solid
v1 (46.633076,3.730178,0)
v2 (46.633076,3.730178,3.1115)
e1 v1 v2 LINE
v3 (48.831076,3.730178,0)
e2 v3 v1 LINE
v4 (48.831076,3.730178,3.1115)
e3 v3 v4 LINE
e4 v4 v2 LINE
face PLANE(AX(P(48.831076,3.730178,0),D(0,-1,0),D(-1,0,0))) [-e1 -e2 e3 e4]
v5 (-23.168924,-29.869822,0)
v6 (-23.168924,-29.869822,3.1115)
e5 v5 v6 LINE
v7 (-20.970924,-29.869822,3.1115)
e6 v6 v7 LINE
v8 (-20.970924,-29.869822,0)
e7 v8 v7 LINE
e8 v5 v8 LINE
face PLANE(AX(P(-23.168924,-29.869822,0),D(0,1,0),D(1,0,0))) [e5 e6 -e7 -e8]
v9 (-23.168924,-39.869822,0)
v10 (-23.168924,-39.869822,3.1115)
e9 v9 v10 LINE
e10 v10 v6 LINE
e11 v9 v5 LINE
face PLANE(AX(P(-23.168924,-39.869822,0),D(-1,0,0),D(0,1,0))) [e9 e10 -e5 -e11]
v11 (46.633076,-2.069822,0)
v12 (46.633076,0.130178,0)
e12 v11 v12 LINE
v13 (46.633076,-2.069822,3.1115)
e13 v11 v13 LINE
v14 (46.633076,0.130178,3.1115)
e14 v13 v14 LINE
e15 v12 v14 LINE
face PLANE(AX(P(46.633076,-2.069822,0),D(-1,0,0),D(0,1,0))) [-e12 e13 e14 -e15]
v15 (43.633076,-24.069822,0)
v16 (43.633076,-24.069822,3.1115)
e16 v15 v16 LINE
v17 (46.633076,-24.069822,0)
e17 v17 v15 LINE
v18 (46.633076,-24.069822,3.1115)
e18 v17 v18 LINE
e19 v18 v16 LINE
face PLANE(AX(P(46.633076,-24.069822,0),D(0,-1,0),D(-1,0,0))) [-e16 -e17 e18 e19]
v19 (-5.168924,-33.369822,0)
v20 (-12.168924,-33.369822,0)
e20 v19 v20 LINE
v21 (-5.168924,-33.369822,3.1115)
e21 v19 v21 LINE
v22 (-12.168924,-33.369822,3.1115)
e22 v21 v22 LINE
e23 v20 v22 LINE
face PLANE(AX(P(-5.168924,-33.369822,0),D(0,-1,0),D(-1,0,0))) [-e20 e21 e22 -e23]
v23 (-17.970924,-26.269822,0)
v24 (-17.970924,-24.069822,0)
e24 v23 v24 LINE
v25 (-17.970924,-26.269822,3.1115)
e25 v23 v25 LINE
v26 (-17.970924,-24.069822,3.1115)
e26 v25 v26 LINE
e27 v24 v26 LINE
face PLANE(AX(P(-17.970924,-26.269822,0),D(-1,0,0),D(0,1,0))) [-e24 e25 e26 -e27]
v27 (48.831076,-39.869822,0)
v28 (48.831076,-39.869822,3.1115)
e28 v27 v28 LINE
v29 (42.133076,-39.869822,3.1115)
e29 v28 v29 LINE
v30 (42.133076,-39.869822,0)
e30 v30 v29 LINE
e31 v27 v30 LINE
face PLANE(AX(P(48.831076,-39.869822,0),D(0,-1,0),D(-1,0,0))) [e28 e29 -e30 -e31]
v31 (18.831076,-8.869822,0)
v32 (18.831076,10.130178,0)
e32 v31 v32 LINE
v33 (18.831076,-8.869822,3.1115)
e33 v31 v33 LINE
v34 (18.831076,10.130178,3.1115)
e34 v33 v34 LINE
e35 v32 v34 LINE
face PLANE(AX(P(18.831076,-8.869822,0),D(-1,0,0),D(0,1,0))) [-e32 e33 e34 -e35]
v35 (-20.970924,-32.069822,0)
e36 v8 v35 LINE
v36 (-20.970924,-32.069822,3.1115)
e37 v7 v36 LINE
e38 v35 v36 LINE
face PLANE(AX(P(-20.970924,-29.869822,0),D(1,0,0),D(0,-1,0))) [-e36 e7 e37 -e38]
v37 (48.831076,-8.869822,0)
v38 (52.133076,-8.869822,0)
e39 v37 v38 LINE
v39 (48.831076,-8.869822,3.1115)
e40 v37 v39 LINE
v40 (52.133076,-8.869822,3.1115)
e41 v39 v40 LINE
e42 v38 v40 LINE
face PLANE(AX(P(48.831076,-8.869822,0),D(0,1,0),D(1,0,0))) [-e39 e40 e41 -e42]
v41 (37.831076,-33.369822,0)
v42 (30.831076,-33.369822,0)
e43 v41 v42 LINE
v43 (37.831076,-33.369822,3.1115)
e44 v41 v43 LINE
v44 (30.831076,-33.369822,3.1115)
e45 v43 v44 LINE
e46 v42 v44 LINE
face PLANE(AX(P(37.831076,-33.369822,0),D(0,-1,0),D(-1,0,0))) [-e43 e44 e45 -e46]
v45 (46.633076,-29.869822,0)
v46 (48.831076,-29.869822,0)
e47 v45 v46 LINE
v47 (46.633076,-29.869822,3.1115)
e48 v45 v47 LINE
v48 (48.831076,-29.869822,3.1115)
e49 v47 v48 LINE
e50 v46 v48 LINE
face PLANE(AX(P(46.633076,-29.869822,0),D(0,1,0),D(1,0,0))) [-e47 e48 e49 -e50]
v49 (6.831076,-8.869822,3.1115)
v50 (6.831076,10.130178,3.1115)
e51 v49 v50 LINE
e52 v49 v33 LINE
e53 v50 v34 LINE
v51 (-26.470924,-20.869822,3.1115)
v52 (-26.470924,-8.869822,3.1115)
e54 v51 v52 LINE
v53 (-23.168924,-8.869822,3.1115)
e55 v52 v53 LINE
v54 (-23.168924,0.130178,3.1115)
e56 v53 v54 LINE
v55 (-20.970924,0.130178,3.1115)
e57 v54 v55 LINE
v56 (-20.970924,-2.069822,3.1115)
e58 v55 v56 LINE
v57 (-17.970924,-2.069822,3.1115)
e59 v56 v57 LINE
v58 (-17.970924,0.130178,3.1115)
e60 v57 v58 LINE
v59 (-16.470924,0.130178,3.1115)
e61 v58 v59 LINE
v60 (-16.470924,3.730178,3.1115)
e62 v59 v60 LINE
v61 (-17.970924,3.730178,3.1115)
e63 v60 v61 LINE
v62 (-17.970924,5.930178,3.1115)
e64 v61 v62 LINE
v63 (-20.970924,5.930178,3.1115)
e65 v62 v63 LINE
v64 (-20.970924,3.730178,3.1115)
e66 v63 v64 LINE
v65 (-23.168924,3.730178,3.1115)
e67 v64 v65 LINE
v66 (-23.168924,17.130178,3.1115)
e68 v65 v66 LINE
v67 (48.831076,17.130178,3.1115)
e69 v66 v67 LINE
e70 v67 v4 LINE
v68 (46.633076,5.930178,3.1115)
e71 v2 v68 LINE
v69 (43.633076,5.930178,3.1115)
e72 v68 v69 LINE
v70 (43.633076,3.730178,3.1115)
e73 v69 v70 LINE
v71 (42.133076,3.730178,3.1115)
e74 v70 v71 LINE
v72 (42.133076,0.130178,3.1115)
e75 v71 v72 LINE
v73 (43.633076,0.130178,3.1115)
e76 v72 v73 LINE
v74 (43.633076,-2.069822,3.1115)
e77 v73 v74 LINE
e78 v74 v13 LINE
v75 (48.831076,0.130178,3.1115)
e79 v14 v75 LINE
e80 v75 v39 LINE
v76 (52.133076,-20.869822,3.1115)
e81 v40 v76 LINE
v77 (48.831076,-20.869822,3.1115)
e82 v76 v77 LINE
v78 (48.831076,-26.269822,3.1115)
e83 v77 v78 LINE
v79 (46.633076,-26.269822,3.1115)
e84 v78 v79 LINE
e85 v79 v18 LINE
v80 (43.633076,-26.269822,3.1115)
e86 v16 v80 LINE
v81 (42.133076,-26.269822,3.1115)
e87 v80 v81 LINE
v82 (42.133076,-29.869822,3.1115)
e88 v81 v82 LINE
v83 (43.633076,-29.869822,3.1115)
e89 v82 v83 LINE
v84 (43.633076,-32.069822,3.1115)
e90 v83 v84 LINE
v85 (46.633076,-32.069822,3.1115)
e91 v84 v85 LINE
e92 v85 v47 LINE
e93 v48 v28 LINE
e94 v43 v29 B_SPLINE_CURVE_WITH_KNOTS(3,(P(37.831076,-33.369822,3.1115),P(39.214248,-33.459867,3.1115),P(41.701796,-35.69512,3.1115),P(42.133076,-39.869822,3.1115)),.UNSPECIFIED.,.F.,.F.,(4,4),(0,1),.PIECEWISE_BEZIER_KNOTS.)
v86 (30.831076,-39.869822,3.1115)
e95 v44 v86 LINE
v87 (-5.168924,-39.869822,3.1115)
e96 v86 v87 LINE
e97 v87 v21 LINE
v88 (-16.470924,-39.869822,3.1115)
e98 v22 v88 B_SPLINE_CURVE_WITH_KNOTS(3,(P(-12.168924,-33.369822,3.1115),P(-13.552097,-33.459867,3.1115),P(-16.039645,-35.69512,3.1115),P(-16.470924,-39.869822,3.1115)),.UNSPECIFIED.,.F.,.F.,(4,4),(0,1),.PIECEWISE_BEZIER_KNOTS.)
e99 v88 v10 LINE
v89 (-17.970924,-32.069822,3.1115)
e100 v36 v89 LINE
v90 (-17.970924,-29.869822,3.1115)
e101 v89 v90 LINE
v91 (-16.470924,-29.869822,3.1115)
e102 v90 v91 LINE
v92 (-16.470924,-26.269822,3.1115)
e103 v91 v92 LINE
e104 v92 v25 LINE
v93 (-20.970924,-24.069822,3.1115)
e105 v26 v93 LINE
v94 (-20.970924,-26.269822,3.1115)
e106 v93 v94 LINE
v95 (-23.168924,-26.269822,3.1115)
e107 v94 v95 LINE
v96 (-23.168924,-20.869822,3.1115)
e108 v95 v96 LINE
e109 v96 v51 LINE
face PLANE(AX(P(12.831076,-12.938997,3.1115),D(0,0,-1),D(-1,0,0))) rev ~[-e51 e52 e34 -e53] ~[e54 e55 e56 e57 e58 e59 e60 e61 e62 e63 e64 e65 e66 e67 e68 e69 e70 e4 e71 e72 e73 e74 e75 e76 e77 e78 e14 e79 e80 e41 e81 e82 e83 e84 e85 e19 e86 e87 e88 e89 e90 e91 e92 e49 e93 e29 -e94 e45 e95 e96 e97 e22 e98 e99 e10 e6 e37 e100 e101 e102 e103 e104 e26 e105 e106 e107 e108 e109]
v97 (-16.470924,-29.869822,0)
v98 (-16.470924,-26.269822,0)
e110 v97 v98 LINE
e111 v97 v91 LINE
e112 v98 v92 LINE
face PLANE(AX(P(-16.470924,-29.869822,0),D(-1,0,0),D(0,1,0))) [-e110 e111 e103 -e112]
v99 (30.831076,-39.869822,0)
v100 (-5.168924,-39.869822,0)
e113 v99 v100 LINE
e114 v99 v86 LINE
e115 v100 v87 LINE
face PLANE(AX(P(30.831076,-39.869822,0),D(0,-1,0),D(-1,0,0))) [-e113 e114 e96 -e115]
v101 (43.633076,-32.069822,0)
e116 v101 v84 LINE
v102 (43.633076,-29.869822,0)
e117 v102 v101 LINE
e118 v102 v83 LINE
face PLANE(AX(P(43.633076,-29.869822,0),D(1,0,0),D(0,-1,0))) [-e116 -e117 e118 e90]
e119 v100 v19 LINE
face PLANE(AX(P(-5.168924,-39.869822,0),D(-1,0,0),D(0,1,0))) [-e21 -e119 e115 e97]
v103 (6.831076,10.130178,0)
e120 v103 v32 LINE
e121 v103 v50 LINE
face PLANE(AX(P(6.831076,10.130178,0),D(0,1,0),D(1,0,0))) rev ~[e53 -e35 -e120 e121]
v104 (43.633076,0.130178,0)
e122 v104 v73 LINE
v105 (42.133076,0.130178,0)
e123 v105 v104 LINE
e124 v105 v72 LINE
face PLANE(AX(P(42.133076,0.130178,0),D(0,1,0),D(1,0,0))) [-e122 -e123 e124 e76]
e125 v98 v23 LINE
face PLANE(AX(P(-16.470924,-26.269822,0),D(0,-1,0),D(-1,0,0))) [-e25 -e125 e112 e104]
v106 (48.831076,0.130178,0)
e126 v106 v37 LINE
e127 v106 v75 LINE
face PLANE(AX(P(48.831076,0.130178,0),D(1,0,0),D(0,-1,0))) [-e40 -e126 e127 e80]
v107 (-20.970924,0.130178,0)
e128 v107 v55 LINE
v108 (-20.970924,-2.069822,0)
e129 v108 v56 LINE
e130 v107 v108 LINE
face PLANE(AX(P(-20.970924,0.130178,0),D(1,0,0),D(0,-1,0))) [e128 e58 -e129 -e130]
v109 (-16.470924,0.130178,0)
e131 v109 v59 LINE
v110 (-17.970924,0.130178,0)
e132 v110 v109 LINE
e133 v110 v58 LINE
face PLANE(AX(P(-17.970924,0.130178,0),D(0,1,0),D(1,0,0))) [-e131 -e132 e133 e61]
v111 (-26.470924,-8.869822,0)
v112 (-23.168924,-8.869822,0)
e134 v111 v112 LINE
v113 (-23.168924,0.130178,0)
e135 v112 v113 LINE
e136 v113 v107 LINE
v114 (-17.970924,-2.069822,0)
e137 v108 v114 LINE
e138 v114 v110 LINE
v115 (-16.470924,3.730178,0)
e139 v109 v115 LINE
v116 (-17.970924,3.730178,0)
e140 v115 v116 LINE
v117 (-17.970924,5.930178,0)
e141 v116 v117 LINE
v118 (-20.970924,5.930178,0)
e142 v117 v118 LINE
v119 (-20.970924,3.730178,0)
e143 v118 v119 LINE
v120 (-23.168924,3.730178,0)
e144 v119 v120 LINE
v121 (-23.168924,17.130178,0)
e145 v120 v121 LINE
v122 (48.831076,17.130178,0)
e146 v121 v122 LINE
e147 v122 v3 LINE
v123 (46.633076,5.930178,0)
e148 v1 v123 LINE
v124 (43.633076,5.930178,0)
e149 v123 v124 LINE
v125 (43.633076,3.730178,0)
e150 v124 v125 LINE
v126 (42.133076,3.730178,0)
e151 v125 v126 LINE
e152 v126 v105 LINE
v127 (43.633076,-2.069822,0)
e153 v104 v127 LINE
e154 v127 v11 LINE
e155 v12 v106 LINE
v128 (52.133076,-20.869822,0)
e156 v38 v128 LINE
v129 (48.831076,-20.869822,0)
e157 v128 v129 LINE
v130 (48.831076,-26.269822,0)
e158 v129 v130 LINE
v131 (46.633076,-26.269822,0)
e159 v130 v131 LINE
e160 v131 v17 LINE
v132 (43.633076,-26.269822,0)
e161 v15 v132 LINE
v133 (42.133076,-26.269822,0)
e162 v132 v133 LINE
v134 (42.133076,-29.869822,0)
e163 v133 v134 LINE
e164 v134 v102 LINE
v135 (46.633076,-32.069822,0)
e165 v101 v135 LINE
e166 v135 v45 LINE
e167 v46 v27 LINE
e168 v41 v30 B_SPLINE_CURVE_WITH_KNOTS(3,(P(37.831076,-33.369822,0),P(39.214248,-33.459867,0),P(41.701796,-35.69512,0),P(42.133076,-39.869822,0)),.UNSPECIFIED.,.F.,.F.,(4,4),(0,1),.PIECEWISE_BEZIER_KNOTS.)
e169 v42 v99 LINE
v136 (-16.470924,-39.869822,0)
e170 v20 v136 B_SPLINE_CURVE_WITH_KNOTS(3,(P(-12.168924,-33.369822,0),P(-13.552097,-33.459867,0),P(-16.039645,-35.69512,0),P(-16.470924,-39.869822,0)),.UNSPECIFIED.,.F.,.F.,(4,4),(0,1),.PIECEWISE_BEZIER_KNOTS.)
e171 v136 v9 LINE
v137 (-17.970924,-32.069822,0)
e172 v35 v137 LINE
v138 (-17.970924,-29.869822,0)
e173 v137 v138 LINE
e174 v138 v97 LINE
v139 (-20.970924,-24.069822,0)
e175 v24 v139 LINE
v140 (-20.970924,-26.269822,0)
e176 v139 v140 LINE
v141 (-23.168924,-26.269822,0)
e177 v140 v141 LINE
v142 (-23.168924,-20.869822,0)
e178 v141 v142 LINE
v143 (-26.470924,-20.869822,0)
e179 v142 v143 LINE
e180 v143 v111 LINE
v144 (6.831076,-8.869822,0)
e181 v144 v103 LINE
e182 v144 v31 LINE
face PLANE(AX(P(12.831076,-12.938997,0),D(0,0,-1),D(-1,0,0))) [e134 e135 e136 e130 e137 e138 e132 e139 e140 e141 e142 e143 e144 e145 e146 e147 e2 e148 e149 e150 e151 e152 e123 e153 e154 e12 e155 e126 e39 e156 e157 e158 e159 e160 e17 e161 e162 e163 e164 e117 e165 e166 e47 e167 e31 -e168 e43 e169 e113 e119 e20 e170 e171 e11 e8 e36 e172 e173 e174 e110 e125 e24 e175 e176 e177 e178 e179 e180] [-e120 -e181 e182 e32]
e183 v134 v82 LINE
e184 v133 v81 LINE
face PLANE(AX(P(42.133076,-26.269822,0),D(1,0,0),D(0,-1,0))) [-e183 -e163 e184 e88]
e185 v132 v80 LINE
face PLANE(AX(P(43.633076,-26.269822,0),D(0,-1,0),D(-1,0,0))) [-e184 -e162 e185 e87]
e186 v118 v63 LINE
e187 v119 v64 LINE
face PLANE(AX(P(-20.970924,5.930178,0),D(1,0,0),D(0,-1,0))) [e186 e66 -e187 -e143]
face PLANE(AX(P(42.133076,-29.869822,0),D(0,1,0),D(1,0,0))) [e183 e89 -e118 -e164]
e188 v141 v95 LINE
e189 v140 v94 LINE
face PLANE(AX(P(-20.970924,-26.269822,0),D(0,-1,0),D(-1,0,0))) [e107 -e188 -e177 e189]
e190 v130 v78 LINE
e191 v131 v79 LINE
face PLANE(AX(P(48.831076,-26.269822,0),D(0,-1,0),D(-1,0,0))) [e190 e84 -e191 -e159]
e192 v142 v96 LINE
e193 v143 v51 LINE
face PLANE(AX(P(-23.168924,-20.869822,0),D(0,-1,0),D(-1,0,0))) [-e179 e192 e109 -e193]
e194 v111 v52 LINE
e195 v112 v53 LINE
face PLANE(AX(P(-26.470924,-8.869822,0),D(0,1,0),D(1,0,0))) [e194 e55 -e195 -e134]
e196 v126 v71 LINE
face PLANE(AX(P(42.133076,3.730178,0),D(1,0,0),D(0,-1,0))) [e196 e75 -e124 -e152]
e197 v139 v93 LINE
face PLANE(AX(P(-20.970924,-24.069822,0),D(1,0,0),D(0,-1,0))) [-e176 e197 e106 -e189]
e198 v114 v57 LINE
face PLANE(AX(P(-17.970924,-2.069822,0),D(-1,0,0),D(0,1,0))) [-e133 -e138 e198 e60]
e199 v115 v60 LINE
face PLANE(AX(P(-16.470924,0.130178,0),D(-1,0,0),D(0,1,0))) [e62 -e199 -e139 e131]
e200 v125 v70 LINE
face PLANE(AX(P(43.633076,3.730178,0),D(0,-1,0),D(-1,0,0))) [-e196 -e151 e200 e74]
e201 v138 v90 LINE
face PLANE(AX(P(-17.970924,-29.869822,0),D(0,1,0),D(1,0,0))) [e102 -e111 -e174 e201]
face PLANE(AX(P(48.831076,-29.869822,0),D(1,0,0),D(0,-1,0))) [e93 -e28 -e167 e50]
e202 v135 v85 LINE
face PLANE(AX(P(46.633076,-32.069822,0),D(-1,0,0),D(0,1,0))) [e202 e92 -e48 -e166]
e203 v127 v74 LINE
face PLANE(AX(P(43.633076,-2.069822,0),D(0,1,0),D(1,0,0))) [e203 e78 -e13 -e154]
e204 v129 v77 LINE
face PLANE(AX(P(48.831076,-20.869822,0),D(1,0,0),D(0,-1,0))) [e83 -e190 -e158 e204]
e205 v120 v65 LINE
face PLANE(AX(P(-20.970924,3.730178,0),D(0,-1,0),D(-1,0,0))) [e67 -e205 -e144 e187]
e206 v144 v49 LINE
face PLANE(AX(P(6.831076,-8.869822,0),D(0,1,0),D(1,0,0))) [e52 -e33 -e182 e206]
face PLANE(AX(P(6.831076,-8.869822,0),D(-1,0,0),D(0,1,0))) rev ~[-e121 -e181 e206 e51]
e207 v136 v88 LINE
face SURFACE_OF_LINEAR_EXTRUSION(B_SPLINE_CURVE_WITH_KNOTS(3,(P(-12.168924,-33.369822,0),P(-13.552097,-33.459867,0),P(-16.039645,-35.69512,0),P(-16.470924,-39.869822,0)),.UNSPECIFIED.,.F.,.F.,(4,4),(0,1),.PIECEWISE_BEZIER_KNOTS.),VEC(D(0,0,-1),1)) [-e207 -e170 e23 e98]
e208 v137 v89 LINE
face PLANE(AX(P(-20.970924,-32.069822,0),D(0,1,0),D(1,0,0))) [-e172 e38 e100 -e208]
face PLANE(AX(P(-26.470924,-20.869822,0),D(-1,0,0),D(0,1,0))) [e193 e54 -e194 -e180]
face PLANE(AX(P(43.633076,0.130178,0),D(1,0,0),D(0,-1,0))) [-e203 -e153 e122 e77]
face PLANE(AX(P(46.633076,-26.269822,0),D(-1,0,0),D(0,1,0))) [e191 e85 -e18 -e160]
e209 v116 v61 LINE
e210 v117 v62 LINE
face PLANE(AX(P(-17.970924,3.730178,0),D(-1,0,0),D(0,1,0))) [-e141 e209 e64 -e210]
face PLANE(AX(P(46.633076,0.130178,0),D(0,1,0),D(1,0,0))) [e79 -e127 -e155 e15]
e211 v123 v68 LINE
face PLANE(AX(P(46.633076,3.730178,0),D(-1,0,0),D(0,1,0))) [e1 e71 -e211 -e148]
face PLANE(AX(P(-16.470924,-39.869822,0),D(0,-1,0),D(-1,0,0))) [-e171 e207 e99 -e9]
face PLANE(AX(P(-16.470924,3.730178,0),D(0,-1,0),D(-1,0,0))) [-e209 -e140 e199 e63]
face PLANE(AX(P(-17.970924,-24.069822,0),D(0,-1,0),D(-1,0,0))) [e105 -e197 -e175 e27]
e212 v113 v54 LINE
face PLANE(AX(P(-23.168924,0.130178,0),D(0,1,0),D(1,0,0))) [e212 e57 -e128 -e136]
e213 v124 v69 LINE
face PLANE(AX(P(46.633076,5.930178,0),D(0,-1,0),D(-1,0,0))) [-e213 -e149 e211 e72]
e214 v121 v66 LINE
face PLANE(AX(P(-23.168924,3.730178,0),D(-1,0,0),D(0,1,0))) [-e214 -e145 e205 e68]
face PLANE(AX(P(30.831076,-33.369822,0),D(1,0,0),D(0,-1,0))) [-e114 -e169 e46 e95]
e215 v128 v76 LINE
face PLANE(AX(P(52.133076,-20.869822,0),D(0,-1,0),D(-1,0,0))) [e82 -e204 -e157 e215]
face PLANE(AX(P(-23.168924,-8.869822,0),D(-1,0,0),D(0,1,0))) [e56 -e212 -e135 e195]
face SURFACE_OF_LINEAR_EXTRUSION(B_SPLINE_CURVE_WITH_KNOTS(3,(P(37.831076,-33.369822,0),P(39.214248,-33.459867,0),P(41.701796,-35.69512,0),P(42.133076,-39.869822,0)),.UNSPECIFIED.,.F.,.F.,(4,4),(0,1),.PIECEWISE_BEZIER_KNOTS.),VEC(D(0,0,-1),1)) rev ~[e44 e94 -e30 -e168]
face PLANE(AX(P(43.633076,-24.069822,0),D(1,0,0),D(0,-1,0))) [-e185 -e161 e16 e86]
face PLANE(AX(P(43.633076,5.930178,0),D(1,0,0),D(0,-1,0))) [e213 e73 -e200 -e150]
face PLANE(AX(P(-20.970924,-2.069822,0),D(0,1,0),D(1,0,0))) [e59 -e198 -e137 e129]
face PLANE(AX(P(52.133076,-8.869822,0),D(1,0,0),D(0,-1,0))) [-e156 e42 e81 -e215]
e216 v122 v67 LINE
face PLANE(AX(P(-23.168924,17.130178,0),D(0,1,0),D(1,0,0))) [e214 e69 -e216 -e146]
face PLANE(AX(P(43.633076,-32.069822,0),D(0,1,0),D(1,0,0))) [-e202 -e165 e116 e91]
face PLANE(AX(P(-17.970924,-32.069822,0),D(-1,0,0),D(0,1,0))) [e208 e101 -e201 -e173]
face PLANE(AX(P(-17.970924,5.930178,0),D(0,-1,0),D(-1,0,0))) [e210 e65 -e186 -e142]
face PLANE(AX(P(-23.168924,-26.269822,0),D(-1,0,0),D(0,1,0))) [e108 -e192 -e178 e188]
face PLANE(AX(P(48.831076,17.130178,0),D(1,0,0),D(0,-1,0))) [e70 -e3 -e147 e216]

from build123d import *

# Parameters (mm, degrees)
SKETCH2_W           = 12
SKETCH2_H           = 19
BOSS_EXTRUDE1_DEPTH = 3.1115


with BuildPart() as part:
    # Sketch2 → Boss-Extrude1 (new body)
    with BuildSketch(Plane.XY):
        with BuildLine():
            Line((-5.168924328, -39.869822198), (-5.168924328, -33.369822198))
            Line((-5.168924328, -33.369822198), (-12.168924328, -33.369822198))
            add(Edge.make_bspline(
                [(-12.168924328, -33.369822198), (-13.552096669, -33.459867166), (-16.039644903, -35.695120164), (-16.470924328, -39.869822198)],
                knots=[0, 0, 0, 0, 1, 1, 1, 1], degree=3))
            Line((-16.470924328, -39.869822198), (-23.168924328, -39.869822198))
            Line((-23.168924328, -39.869822198), (-23.168924328, -33.469822198))
            Line((-23.168924328, -33.469822198), (-23.168924328, -29.869822198))
            Line((-23.168924328, -29.869822198), (-20.970924328, -29.869822198))
            Line((-20.970924328, -29.869822198), (-20.970924328, -32.069822198))
            Line((-20.970924328, -32.069822198), (-17.970924328, -32.069822198))
            Line((-17.970924328, -32.069822198), (-17.970924328, -29.869822198))
            Line((-17.970924328, -29.869822198), (-16.470924328, -29.869822198))
            Line((-16.470924328, -29.869822198), (-16.470924328, -26.269822198))
            Line((-16.470924328, -26.269822198), (-17.970924328, -26.269822198))
            Line((-17.970924328, -26.269822198), (-17.970924328, -24.069822198))
            Line((-17.970924328, -24.069822198), (-20.970924328, -24.069822198))
            Line((-20.970924328, -24.069822198), (-20.970924328, -26.269822198))
            Line((-20.970924328, -26.269822198), (-23.168924328, -26.269822198))
            Line((-23.168924328, -26.269822198), (-23.168924328, -20.869822198))
            Line((-23.168924328, -20.869822198), (-26.470924328, -20.869822198))
            Line((-26.470924328, -20.869822198), (-26.470924328, -8.869822198))
            Line((-26.470924328, -8.869822198), (-23.168924328, -8.869822198))
            Line((-23.168924328, -8.869822198), (-23.168924328, 0.130177802))
            Line((-23.168924328, 0.130177802), (-20.979823214, 0.130177802))
            Line((-20.979823214, 0.130177802), (-20.970924328, 0.130177802))
            Line((-20.970924328, 0.130177802), (-20.970924328, -2.069822198))
            Line((-20.970924328, -2.069822198), (-17.970924328, -2.069822198))
            Line((-17.970924328, -2.069822198), (-17.970924328, 0.130177802))
            Line((-17.970924328, 0.130177802), (-16.470924328, 0.130177802))
            Line((-16.470924328, 0.130177802), (-16.470924328, 3.730177802))
            Line((-16.470924328, 3.730177802), (-17.970924328, 3.730177802))
            Line((-17.970924328, 3.730177802), (-17.970924328, 5.930177802))
            Line((-17.970924328, 5.930177802), (-20.970924328, 5.930177802))
            Line((-20.970924328, 5.930177802), (-20.970924328, 3.730177802))
            Line((-20.970924328, 3.730177802), (-20.979823214, 3.730177802))
            Line((-20.979823214, 3.730177802), (-23.168924328, 3.730177802))
            Line((-23.168924328, 3.730177802), (-23.168924328, 10.130177802))
            Line((-23.168924328, 10.130177802), (-23.168924328, 17.130177802))
            Line((-23.168924328, 17.130177802), (48.831075672, 17.130177802))
            Line((48.831075672, 17.130177802), (48.831075672, 10.130177802))
            Line((48.831075672, 10.130177802), (48.831075672, 3.730177802))
            Line((48.831075672, 3.730177802), (46.641974559, 3.730177802))
            Line((46.641974559, 3.730177802), (46.633075672, 3.730177802))
            Line((46.633075672, 3.730177802), (46.633075672, 5.930177802))
            Line((46.633075672, 5.930177802), (43.633075672, 5.930177802))
            Line((43.633075672, 5.930177802), (43.633075672, 3.730177802))
            Line((43.633075672, 3.730177802), (42.133075672, 3.730177802))
            Line((42.133075672, 3.730177802), (42.133075672, 0.130177802))
            Line((42.133075672, 0.130177802), (43.633075672, 0.130177802))
            Line((43.633075672, 0.130177802), (43.633075672, -2.069822198))
            Line((43.633075672, -2.069822198), (46.633075672, -2.069822198))
            Line((46.633075672, -2.069822198), (46.633075672, 0.130177802))
            Line((46.633075672, 0.130177802), (46.641974559, 0.130177802))
            Line((46.641974559, 0.130177802), (48.831075672, 0.130177802))
            Line((48.831075672, 0.130177802), (48.831075672, -3.469822198))
            Line((48.831075672, -3.469822198), (48.831075672, -6.869822198))
            Line((48.831075672, -6.869822198), (48.831075672, -8.869822198))
            Line((48.831075672, -8.869822198), (52.133075672, -8.869822198))
            Line((52.133075672, -8.869822198), (52.133075672, -20.869822198))
            Line((52.133075672, -20.869822198), (48.831075672, -20.869822198))
            Line((48.831075672, -20.869822198), (48.831075672, -22.869822198))
            Line((48.831075672, -22.869822198), (48.831075672, -26.269822198))
            Line((48.831075672, -26.269822198), (46.633075672, -26.269822198))
            Line((46.633075672, -26.269822198), (46.633075672, -24.069822198))
            Line((46.633075672, -24.069822198), (43.633075672, -24.069822198))
            Line((43.633075672, -24.069822198), (43.633075672, -26.269822198))
            Line((43.633075672, -26.269822198), (42.133075672, -26.269822198))
            Line((42.133075672, -26.269822198), (42.133075672, -29.869822198))
            Line((42.133075672, -29.869822198), (43.633075672, -29.869822198))
            Line((43.633075672, -29.869822198), (43.633075672, -32.069822198))
            Line((43.633075672, -32.069822198), (46.633075672, -32.069822198))
            Line((46.633075672, -32.069822198), (46.633075672, -29.869822198))
            Line((46.633075672, -29.869822198), (48.831075672, -29.869822198))
            Line((48.831075672, -29.869822198), (48.831075672, -39.869822198))
            Line((48.831075672, -39.869822198), (42.133075672, -39.869822198))
            add(Edge.make_bspline(
                [(37.831075672, -33.369822198), (39.214248014, -33.459867166), (41.701796248, -35.695120164), (42.133075672, -39.869822198)],
                knots=[0, 0, 0, 0, 1, 1, 1, 1], degree=3))
            Line((37.831075672, -33.369822198), (30.831075672, -33.369822198))
            Line((30.831075672, -33.369822198), (30.831075672, -39.869822198))
            Line((30.831075672, -39.869822198), (-5.168924328, -39.869822198))
        make_face()
        with Locations((12.831075672, 0.630177802)):
            Rectangle(SKETCH2_W, SKETCH2_H, mode=Mode.SUBTRACT)
    extrude(amount=BOSS_EXTRUDE1_DEPTH)


solid = part.part
